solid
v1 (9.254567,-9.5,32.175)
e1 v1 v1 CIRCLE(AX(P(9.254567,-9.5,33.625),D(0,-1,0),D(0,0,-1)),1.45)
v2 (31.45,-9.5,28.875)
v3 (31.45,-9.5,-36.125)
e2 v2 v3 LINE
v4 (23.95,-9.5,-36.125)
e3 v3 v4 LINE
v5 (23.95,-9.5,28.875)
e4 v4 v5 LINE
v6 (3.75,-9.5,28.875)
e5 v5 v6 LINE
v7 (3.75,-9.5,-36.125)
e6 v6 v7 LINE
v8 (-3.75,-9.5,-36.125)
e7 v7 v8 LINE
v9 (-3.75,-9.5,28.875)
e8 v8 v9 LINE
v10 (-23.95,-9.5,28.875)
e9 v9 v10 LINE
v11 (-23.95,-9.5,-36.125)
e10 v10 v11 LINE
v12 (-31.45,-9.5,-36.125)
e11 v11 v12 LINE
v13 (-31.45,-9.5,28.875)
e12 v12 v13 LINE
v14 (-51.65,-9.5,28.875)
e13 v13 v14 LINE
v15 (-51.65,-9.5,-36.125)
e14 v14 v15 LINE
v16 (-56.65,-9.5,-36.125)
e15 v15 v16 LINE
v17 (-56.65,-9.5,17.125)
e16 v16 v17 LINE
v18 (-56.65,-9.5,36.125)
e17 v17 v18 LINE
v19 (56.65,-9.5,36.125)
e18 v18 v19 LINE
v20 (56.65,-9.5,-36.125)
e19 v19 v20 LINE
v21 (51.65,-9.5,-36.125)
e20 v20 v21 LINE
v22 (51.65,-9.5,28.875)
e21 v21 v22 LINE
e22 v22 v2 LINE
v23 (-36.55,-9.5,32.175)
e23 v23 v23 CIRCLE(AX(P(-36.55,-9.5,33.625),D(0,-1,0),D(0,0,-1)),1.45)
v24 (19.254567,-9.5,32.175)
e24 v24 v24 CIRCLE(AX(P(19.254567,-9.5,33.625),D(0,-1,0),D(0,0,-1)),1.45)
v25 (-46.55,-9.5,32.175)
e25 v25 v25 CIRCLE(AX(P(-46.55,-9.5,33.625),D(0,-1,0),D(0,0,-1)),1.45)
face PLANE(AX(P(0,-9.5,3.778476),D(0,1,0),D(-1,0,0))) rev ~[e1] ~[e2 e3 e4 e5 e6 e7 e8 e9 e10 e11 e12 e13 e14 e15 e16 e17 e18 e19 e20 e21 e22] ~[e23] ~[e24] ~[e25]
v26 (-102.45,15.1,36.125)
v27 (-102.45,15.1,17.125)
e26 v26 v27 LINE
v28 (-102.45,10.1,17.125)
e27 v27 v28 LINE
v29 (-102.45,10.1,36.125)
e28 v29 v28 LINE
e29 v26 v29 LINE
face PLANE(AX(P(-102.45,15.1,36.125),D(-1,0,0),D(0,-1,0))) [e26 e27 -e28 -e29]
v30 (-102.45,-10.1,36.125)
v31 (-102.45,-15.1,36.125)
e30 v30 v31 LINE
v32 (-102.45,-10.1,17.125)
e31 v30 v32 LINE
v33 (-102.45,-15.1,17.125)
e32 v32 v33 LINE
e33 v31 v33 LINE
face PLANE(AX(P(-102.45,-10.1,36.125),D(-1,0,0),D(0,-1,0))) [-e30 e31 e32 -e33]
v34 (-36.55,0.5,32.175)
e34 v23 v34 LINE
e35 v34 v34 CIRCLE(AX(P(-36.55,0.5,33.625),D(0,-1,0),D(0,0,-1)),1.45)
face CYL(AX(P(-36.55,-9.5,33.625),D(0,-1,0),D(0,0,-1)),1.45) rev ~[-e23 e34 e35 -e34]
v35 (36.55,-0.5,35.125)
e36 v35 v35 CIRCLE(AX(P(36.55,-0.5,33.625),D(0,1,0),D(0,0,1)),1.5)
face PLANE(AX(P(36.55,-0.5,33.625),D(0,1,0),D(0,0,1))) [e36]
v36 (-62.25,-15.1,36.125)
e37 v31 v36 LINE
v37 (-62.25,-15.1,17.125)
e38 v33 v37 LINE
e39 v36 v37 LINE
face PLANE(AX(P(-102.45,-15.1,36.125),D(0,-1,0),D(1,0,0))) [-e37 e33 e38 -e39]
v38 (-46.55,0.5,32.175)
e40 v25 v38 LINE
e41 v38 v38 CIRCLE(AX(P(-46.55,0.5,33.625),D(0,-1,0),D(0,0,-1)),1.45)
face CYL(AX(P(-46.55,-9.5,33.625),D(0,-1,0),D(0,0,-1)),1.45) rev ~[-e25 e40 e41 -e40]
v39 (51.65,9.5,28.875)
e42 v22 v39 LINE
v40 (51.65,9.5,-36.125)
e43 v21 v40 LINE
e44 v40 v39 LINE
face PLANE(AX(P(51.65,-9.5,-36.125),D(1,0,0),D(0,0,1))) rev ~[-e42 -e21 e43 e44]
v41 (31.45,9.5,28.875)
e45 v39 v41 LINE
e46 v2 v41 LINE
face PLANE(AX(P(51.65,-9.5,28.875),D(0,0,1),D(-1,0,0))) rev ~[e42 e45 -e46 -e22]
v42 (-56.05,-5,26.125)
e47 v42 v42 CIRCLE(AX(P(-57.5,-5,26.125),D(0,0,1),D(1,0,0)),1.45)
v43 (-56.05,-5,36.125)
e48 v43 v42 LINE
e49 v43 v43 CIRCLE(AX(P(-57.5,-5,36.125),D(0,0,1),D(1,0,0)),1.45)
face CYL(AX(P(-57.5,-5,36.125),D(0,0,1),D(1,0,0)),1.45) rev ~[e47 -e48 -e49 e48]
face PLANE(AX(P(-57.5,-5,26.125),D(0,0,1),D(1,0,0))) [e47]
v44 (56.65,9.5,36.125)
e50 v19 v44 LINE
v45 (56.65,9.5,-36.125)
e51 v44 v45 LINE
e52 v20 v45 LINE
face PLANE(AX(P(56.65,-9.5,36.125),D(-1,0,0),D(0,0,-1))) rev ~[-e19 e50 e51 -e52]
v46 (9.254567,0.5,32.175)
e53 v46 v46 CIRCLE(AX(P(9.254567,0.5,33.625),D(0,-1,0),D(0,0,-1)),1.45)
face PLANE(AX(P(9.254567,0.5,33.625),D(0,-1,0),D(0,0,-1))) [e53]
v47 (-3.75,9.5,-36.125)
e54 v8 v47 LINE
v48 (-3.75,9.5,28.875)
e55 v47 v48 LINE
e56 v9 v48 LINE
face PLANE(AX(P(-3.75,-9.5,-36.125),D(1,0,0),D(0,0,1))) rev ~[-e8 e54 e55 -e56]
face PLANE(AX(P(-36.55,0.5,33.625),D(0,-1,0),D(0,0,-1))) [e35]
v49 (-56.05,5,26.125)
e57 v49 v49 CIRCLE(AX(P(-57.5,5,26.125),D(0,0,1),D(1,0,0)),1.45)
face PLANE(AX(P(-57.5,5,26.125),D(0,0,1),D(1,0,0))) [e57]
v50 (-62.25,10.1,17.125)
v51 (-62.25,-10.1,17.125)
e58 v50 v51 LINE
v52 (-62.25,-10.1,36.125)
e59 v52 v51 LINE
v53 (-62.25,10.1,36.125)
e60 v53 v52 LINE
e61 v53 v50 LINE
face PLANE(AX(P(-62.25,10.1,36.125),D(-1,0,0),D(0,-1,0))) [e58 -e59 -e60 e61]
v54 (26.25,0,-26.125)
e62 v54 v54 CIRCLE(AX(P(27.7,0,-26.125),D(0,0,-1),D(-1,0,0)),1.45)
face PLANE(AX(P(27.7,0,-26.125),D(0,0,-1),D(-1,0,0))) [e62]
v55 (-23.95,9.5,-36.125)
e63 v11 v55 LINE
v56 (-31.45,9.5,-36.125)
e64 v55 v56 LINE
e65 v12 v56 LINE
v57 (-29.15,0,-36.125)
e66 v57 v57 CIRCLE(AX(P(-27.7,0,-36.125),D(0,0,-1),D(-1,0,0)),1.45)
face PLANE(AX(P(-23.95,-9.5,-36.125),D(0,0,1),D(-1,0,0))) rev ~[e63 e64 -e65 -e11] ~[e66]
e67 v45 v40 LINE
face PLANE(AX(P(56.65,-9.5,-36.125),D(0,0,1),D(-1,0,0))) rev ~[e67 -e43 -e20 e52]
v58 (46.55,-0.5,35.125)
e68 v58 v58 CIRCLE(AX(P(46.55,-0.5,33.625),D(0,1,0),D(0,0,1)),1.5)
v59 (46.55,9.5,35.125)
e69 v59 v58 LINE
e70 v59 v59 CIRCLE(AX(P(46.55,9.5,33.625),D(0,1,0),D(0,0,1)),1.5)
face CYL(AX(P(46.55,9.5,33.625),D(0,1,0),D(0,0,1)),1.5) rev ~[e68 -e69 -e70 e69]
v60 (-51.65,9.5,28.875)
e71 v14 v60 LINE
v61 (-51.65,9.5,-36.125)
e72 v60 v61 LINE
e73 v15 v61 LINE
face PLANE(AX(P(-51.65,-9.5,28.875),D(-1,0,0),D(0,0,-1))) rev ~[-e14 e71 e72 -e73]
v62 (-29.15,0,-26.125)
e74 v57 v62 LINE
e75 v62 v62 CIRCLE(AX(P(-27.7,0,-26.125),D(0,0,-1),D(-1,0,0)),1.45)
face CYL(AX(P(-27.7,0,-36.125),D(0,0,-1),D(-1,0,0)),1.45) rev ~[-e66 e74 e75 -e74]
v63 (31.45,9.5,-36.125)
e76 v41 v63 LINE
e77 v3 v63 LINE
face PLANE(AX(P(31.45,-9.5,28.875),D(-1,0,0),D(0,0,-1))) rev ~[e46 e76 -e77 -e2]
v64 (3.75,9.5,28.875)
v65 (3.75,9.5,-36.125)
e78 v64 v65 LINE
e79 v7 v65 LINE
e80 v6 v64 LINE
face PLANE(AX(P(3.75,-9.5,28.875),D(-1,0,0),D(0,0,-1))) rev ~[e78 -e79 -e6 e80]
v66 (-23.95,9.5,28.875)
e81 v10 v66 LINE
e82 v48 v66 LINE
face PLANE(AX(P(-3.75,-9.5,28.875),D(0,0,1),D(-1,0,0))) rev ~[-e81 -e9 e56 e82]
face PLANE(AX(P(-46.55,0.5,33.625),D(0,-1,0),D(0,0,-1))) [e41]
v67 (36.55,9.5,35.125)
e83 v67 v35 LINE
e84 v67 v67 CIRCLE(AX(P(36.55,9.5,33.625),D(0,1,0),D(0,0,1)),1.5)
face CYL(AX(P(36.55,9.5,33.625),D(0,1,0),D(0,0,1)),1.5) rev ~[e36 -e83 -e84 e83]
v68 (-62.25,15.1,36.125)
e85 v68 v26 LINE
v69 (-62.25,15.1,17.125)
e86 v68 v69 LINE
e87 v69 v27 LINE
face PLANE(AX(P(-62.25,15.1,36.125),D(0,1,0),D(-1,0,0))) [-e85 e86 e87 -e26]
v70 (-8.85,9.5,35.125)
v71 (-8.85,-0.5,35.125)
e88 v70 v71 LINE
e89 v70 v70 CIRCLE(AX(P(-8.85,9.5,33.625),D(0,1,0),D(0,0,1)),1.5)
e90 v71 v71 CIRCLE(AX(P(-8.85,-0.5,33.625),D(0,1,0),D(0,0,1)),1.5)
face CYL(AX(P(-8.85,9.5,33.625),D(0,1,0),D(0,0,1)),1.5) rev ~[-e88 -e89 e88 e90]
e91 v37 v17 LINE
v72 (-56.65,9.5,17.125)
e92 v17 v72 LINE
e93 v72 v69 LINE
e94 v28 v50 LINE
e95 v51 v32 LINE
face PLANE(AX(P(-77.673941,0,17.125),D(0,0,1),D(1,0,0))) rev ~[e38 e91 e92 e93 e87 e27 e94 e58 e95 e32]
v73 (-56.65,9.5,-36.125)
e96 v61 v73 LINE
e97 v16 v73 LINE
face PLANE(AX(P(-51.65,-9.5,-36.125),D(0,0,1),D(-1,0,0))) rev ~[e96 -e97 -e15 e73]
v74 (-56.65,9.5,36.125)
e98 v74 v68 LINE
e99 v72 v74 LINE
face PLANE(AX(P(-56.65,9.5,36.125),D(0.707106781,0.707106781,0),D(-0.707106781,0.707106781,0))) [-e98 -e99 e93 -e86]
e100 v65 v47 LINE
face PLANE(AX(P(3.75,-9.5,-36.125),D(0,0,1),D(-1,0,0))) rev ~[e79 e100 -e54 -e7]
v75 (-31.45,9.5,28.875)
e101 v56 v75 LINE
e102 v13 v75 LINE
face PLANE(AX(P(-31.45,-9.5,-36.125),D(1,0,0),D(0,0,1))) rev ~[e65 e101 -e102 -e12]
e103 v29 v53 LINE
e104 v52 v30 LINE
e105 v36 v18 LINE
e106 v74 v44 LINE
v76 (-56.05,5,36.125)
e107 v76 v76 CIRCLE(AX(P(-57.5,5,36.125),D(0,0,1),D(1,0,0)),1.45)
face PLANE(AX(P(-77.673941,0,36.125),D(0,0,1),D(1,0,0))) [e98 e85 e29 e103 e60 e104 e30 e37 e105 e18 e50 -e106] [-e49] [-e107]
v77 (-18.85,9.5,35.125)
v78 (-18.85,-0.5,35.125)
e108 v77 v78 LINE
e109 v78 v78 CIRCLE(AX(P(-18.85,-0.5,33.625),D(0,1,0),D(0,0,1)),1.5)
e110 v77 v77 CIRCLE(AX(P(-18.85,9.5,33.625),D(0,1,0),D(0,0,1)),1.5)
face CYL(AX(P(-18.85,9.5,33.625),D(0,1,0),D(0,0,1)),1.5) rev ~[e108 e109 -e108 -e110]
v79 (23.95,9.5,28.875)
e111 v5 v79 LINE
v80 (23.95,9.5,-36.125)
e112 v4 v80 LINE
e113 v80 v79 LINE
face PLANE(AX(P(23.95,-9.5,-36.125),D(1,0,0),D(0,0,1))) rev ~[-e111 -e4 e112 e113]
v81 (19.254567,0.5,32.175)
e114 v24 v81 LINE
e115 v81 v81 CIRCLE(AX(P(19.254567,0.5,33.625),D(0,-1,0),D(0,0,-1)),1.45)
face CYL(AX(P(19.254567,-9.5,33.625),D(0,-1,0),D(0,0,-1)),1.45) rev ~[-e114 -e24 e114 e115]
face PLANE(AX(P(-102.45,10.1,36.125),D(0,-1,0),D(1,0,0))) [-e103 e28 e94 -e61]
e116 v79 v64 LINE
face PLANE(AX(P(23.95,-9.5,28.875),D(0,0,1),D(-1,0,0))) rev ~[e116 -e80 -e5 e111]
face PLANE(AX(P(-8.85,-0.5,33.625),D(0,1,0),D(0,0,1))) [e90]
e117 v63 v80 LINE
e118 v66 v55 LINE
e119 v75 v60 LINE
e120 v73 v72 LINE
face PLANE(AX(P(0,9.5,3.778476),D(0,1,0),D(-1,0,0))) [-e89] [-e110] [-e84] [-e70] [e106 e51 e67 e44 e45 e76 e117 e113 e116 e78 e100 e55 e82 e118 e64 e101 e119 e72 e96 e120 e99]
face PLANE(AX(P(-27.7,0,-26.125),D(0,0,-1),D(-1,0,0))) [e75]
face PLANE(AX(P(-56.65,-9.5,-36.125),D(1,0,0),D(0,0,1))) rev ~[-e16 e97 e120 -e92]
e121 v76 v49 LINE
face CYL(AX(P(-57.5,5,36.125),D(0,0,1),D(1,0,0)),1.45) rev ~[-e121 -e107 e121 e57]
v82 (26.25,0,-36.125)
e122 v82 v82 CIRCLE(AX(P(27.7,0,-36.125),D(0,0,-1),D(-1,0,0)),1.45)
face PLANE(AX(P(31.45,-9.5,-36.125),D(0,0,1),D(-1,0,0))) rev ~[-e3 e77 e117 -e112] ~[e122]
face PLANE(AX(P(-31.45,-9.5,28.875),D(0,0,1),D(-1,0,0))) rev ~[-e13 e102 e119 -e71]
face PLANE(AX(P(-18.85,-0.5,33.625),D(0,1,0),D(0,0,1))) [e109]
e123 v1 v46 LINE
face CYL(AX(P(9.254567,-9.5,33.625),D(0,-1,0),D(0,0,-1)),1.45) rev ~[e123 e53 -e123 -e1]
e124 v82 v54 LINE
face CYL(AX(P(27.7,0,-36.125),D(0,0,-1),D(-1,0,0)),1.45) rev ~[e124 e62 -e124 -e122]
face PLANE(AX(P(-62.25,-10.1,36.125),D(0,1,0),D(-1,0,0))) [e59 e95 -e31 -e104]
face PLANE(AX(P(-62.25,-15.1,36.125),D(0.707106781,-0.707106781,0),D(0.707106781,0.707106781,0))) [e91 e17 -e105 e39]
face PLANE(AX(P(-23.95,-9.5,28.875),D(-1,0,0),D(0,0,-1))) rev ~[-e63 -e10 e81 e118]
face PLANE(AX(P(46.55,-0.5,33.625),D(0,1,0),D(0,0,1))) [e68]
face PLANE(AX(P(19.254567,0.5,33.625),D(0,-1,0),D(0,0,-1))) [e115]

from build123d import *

# Parameters (mm, degrees)
BOSS_EXTRUDE1_DEPTH      = 9.5
BOSS_EXTRUDE1_DEPTH_BACK = 9.5
BOSS_EXTRUDE2_DEPTH      = 19
SKETCH4_R                = 1.45
CUT_EXTRUDE1_DEPTH       = 10
SKETCH5_R                = 1.5
CUT_EXTRUDE2_DEPTH       = 10
SKETCH6_R                = 1.45
CUT_EXTRUDE3_DEPTH       = 10
SKETCH7_R                = 1.45
CUT_EXTRUDE4_DEPTH       = 10


with BuildPart() as part:
    # Sketch2 → Boss-Extrude1 (new, two sides: drawn at the far end of the back side and taken through both)
    with BuildSketch(Plane(origin=(0, 0, 0), x_dir=(-1, 0, 0), z_dir=(0, 1, 0)).offset(-BOSS_EXTRUDE1_DEPTH_BACK)):
        Polygon((-23.95, 28.875), (-3.75, 28.875), (-3.75, -36.125), (3.75, -36.125), (3.75, 28.875), (23.95, 28.875), (23.95, -36.125), (31.45, -36.125), (31.45, 28.875), (51.65, 28.875), (51.65, -36.125), (56.65, -36.125), (56.65, 36.125), (-56.65, 36.125), (-56.65, -36.125), (-51.65, -36.125), (-51.65, 28.875), (-31.45, 28.875), (-31.45, -36.125), (-23.95, -36.125), align=None)
    extrude(amount=BOSS_EXTRUDE1_DEPTH + BOSS_EXTRUDE1_DEPTH_BACK)

    # Sketch3 → Boss-Extrude2 (add)
    with BuildSketch(Plane.XY.offset(36.125)):
        Polygon((-56.65, 9.5), (-62.25, 15.1), (-102.45, 15.1), (-102.45, 10.1), (-62.25, 10.1), (-62.25, -10.1), (-102.45, -10.1), (-102.45, -15.1), (-62.25, -15.1), (-56.65, -9.5), align=None)
    extrude(amount=-BOSS_EXTRUDE2_DEPTH)

    # Sketch4 → Cut-Extrude1 (cut)
    with BuildSketch(Plane.XY.offset(36.125)):
        with Locations((-57.5, 5)):
            Circle(SKETCH4_R)
        with Locations((-57.5, -5)):
            Circle(SKETCH4_R)
    extrude(amount=-CUT_EXTRUDE1_DEPTH, mode=Mode.SUBTRACT)

    # Sketch5 → Cut-Extrude2 (cut)
    with BuildSketch(Plane(origin=(0, 9.5, 0), x_dir=(-1, 0, 0), z_dir=(0, 1, 0))):
        with Locations((-46.55, 33.625)):
            Circle(SKETCH5_R)
        with Locations((-36.55, 33.625)):
            Circle(SKETCH5_R)
        with Locations((8.85, 33.625)):
            Circle(SKETCH5_R)
        with Locations((18.85, 33.625)):
            Circle(SKETCH5_R)
    extrude(amount=-CUT_EXTRUDE2_DEPTH, mode=Mode.SUBTRACT)

    # Sketch6 → Cut-Extrude3 (cut)
    with BuildSketch(Plane.XZ.offset(9.5)):
        with Locations((-46.55, 33.625)):
            Circle(SKETCH6_R)
        with Locations((-36.55, 33.625)):
            Circle(SKETCH6_R)
        with Locations((9.254566693, 33.625)):
            Circle(SKETCH6_R)
        with Locations((19.254566693, 33.625)):
            Circle(SKETCH6_R)
    extrude(amount=-CUT_EXTRUDE3_DEPTH, mode=Mode.SUBTRACT)

    # Sketch7 → Cut-Extrude4 (cut)
    with BuildSketch(Plane(origin=(0, 0, -36.125), x_dir=(1, 0, 0), z_dir=(0, 0, -1))):
        with Locations((-27.7, 0)):
            Circle(SKETCH7_R)
        with Locations((27.7, 0)):
            Circle(SKETCH7_R)
    extrude(amount=-CUT_EXTRUDE4_DEPTH, mode=Mode.SUBTRACT)


solid = part.part
